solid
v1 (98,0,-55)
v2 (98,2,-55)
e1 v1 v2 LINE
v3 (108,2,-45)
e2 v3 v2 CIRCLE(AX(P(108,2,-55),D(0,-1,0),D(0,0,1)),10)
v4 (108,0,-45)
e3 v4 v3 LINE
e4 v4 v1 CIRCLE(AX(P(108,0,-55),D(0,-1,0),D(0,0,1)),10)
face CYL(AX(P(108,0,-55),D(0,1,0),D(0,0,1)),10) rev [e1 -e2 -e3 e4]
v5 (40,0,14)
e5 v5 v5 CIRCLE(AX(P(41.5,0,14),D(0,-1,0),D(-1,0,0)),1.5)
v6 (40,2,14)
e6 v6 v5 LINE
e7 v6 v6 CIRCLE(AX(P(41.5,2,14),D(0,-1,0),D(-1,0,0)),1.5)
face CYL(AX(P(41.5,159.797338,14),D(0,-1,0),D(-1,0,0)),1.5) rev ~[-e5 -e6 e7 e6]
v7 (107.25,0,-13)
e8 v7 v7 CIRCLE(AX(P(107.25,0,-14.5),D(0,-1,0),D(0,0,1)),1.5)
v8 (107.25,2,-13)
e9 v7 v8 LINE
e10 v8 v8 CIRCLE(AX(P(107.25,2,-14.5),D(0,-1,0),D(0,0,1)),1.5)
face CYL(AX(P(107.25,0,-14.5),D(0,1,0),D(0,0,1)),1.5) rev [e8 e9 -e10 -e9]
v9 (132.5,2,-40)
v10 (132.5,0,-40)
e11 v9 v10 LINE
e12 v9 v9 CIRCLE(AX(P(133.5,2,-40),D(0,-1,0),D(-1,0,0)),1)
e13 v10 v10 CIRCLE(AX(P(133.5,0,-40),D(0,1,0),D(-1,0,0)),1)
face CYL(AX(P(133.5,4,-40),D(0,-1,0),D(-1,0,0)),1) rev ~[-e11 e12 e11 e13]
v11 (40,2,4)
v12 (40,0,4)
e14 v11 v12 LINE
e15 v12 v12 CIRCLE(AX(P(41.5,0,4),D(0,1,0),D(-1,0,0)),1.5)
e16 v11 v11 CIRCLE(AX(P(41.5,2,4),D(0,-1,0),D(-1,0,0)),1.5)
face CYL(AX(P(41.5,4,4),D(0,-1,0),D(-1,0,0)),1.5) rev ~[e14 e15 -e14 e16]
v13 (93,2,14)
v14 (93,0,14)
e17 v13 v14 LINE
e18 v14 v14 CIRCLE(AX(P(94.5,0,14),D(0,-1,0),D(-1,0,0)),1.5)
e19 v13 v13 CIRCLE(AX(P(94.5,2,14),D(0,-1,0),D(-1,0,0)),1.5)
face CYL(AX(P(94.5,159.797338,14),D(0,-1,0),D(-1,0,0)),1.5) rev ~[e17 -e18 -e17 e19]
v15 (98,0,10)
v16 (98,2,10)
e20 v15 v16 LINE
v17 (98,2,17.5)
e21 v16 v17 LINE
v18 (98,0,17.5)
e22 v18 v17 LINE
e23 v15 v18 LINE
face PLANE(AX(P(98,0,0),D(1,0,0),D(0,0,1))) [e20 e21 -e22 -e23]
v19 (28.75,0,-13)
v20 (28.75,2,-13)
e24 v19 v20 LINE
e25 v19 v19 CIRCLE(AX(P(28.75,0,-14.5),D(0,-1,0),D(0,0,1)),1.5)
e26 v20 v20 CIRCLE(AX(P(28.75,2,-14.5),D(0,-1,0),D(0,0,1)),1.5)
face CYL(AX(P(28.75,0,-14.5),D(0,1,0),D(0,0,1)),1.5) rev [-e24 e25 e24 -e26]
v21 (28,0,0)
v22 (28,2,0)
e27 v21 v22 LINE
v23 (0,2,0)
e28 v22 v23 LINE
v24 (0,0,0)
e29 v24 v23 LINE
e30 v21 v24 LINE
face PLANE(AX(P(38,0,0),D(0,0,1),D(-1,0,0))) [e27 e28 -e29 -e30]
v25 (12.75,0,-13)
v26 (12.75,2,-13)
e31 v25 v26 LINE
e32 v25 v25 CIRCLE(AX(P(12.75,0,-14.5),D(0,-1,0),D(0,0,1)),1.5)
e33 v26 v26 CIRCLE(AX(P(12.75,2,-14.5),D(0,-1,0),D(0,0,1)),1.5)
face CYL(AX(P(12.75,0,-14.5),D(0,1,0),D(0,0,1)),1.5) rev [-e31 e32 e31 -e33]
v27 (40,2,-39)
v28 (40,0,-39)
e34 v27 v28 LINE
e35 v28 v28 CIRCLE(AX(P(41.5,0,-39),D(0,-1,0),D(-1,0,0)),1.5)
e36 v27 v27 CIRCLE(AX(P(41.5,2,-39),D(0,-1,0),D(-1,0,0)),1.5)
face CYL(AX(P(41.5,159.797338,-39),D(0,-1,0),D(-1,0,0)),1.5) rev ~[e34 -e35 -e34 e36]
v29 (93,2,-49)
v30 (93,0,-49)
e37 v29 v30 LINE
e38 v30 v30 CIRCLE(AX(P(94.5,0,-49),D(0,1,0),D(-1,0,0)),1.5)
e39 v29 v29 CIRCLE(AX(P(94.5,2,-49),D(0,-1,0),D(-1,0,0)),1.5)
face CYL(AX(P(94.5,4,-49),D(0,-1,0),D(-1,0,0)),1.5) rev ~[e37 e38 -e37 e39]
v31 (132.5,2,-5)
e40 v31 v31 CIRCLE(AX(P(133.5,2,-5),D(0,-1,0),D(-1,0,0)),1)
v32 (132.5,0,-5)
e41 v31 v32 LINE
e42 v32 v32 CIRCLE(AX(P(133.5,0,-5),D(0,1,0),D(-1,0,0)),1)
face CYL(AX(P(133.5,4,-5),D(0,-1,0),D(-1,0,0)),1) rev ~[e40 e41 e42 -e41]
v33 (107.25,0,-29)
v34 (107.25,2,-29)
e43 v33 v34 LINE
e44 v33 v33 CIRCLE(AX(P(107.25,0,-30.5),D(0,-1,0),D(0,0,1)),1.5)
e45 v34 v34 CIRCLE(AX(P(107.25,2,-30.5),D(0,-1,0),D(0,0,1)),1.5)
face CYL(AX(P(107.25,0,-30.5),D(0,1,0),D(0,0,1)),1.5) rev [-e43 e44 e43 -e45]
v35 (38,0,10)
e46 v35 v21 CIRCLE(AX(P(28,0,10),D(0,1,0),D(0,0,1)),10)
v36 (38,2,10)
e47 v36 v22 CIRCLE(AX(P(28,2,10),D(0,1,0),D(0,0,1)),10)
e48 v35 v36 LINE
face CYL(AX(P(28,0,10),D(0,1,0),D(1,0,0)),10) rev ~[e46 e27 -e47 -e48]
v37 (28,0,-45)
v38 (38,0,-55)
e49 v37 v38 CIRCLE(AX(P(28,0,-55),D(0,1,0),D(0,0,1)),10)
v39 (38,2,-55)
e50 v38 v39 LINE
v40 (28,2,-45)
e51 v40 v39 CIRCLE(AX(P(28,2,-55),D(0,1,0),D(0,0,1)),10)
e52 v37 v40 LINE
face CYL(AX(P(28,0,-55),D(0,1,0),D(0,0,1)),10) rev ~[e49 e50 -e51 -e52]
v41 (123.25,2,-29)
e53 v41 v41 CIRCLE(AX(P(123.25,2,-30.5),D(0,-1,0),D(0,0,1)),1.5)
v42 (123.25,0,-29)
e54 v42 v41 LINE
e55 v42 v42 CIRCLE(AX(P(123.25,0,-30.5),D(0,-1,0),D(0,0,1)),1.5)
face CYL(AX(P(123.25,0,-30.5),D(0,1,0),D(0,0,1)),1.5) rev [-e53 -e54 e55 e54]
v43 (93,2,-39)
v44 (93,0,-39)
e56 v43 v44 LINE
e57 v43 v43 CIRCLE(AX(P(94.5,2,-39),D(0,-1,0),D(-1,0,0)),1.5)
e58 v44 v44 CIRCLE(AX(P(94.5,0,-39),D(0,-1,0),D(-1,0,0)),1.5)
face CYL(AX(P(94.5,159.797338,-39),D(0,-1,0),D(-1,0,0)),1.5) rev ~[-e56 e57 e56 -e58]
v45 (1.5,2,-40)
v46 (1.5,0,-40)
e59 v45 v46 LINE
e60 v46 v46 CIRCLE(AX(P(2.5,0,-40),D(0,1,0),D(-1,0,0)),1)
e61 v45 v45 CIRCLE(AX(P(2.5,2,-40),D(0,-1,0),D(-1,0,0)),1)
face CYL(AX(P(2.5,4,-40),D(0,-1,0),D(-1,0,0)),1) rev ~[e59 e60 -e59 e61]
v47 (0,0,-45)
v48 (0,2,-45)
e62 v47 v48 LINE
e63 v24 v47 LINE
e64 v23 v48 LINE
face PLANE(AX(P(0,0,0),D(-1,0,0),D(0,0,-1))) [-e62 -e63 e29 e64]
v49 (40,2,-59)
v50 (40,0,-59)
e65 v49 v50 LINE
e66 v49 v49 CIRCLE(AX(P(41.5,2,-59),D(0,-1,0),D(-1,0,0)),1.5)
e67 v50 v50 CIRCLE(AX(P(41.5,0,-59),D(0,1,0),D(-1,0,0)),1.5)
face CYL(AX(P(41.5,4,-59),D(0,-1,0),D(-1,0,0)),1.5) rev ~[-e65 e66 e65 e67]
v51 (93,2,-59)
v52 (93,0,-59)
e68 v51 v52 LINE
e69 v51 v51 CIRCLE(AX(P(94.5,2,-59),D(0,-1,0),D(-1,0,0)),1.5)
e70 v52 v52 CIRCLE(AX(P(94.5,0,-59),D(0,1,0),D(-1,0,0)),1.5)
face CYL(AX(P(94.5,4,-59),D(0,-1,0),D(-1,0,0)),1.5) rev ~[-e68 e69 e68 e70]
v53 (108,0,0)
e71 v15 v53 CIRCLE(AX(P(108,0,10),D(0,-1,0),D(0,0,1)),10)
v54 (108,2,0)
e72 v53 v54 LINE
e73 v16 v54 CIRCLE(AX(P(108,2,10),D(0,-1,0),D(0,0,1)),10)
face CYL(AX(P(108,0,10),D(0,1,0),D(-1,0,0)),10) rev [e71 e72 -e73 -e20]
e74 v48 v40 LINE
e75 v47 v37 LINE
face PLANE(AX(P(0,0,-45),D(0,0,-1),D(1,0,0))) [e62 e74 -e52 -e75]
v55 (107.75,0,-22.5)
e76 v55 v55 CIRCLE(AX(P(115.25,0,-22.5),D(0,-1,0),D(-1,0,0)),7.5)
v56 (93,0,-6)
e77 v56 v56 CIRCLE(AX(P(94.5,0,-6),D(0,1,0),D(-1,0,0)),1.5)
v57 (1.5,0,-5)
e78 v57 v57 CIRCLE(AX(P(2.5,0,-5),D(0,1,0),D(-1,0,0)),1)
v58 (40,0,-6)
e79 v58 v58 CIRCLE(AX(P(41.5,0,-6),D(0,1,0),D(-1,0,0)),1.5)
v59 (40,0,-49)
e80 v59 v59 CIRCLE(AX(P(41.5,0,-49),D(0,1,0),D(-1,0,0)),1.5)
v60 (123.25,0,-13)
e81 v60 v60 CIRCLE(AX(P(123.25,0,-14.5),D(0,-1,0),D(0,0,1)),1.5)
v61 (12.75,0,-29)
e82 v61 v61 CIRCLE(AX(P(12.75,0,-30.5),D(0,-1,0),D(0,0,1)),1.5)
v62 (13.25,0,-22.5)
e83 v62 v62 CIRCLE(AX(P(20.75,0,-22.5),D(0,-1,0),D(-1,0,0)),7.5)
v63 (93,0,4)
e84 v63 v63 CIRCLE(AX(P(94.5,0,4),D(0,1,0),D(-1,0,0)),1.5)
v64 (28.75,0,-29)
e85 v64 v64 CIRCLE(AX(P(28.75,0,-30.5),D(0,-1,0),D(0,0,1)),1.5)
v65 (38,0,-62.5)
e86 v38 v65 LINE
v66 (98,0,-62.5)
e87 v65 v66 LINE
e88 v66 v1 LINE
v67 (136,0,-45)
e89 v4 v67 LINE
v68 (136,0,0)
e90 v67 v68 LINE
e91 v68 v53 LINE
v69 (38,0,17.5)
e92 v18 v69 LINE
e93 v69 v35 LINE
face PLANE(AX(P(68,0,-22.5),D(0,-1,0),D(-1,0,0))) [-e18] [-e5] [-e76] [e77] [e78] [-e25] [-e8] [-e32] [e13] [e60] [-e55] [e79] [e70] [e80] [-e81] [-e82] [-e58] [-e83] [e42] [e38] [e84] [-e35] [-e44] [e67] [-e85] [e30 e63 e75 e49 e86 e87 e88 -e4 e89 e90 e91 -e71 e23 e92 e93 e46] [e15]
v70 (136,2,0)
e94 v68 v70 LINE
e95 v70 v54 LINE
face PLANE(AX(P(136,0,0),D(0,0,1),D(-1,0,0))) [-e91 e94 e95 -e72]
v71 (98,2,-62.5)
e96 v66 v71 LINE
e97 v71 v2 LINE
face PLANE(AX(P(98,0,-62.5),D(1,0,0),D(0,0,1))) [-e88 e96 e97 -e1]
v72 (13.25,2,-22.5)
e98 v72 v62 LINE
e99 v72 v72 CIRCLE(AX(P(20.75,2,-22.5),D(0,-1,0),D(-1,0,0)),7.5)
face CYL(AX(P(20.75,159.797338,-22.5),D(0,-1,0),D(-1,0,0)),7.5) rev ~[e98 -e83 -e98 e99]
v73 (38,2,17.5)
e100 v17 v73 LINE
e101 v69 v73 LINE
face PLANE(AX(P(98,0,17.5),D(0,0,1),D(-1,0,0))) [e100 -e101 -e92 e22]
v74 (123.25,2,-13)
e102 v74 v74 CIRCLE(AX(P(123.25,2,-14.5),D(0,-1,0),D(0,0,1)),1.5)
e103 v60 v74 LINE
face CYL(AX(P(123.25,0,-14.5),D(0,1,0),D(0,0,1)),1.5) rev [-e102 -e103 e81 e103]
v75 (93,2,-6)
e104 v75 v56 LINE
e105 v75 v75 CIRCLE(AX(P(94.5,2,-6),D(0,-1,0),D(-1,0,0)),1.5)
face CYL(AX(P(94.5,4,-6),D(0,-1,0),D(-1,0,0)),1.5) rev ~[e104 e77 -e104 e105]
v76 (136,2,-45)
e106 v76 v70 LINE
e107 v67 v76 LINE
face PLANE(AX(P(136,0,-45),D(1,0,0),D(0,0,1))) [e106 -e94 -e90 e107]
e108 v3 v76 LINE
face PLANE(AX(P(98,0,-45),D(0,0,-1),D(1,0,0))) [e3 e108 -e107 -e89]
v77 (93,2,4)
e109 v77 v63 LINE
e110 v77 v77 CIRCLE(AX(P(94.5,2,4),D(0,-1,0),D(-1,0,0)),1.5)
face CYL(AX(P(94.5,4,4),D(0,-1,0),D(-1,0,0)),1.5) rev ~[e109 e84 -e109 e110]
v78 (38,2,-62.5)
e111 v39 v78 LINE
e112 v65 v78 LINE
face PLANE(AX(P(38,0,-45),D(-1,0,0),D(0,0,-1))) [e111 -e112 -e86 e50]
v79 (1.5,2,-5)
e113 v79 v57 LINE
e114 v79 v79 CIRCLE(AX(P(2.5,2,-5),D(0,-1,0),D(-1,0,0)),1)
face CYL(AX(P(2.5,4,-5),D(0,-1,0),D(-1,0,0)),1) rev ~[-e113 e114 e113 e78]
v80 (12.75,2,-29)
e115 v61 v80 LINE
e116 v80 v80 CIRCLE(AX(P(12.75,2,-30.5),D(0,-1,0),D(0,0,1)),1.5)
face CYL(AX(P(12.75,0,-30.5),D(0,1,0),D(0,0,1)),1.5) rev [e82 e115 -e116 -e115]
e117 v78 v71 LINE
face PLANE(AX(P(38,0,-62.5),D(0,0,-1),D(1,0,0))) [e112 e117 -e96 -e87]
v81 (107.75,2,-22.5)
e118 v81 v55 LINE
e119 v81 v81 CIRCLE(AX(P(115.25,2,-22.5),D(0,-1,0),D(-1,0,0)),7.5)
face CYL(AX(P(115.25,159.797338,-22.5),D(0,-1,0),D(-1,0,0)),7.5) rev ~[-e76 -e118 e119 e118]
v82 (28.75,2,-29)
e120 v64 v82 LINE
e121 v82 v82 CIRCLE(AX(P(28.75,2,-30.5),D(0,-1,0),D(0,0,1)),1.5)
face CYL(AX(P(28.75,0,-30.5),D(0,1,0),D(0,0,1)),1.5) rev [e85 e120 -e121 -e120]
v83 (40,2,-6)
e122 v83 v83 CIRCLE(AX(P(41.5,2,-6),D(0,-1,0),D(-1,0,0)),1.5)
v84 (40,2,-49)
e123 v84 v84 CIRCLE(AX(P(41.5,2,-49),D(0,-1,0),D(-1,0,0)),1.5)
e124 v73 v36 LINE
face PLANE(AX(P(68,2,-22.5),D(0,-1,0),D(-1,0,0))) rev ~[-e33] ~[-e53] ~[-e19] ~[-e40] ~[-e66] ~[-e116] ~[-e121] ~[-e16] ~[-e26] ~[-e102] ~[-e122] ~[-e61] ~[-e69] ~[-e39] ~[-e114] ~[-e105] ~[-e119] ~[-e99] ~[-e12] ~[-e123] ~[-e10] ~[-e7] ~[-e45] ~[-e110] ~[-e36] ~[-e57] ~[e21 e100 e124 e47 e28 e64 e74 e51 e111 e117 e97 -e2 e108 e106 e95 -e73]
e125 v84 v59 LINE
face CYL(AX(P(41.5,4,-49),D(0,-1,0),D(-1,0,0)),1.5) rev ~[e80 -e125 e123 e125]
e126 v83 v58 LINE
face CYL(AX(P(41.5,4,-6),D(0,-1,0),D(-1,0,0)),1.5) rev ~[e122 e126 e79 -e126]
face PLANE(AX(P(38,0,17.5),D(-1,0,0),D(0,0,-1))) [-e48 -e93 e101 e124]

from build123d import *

# Parameters (mm, degrees)
BOSS_EXTRUDE1_DEPTH           = 2
M2_CLEARANCE_HOLE1_D          = 2
M2_CLEARANCE_HOLE1_DEPTH      = 2
M2_CLEARANCE_HOLE1_TIP        = 0.600860619
M3_CLEARANCE_HOLE1_D          = 3
M3_CLEARANCE_HOLE2_D          = 3
M3_CLEARANCE_HOLE2_DEPTH      = 2
M3_CLEARANCE_HOLE2_TIP        = 0.901290929
M3_CLEARANCE_HOLE3_D          = 3
M3_CLEARANCE_HOLE3_DEPTH      = 2
M3_CLEARANCE_HOLE3_TIP        = 0.901290929
FILLET1_R                     = 10
FILLET2_R                     = 10
FILLET3_R                     = 10
FILLET4_R                     = 10
M14_CLEARANCE_HOLE1_D         = 15
M3_CLEARANCE_HOLE4_AT_2_COUNT = 2
M3_CLEARANCE_HOLE4_AT_2_PITCH = 16
M3_CLEARANCE_HOLE4_AT_3_COUNT = 2
M3_CLEARANCE_HOLE4_AT_3_PITCH = 22.627416998
M3_CLEARANCE_HOLE4_AT_4_COUNT = 2
M3_CLEARANCE_HOLE4_AT_4_PITCH = 16
LPATTERN1_COUNT               = 2
LPATTERN1_PITCH               = 94.5


with BuildPart() as part:
    # Sketch1 → Boss-Extrude1 (new body)
    with BuildSketch(Plane(origin=(0, 0, 0), x_dir=(1, 0, 0), z_dir=(0, 1, 0))):
        Polygon((98, 45), (136, 45), (136, 0), (98, 0), (98, -17.5), (38, -17.5), (38, 0), (0, 0), (0, 45), (38, 45), (38, 62.5), (98, 62.5), align=None)
    extrude(amount=BOSS_EXTRUDE1_DEPTH)

    # M2 Clearance Hole1
    with Locations(Plane(origin=(0, 2, 0), x_dir=(1, 0, 0), z_dir=(0, 1, 0))):
        with Locations((2.5, 5), (2.5, 40), (133.5, 40), (133.5, 5)):
            Hole(M2_CLEARANCE_HOLE1_D / 2, depth=M2_CLEARANCE_HOLE1_DEPTH)
            with Locations((0, 0, -(M2_CLEARANCE_HOLE1_DEPTH + M2_CLEARANCE_HOLE1_TIP / 2))):  # 118° drill point
                Cone(0, M2_CLEARANCE_HOLE1_D / 2, M2_CLEARANCE_HOLE1_TIP, mode=Mode.SUBTRACT)

    # M3 Clearance Hole1 (through all)
    with Locations(Plane(origin=(0, 2, 0), x_dir=(1, 0, 0), z_dir=(0, 1, 0))):
        with Locations((41.5, 39), (94.5, 39), (94.5, -14), (41.5, -14)):
            Hole(M3_CLEARANCE_HOLE1_D / 2)

    # M3 Clearance Hole2
    with Locations(Plane(origin=(0, 2, 0), x_dir=(1, 0, 0), z_dir=(0, 1, 0))):
        with Locations((41.5, -4), (94.5, -4), (94.5, 49), (41.5, 49)):
            Hole(M3_CLEARANCE_HOLE2_D / 2, depth=M3_CLEARANCE_HOLE2_DEPTH)
            with Locations((0, 0, -(M3_CLEARANCE_HOLE2_DEPTH + M3_CLEARANCE_HOLE2_TIP / 2))):  # 118° drill point
                Cone(0, M3_CLEARANCE_HOLE2_D / 2, M3_CLEARANCE_HOLE2_TIP, mode=Mode.SUBTRACT)

    # M3 Clearance Hole3
    with Locations(Plane(origin=(0, 2, 0), x_dir=(1, 0, 0), z_dir=(0, 1, 0))):
        with Locations((41.5, 59), (94.5, 59), (94.5, 6), (41.5, 6)):
            Hole(M3_CLEARANCE_HOLE3_D / 2, depth=M3_CLEARANCE_HOLE3_DEPTH)
            with Locations((0, 0, -(M3_CLEARANCE_HOLE3_DEPTH + M3_CLEARANCE_HOLE3_TIP / 2))):  # 118° drill point
                Cone(0, M3_CLEARANCE_HOLE3_D / 2, M3_CLEARANCE_HOLE3_TIP, mode=Mode.SUBTRACT)

    # Fillet1
    fillet1_edges = [part.edges().sort_by_distance(p)[0] for p in [
        (98, 1, 0),
    ]]
    fillet(fillet1_edges, radius=FILLET1_R)

    # Fillet2
    fillet2_edges = [part.edges().sort_by_distance(p)[0] for p in [
        (98, 1, -45),
    ]]
    fillet(fillet2_edges, radius=FILLET2_R)

    # Fillet3
    fillet3_edges = [part.edges().sort_by_distance(p)[0] for p in [
        (38, 1, 0),
    ]]
    fillet(fillet3_edges, radius=FILLET3_R)

    # Fillet4
    fillet4_edges = [part.edges().sort_by_distance(p)[0] for p in [
        (38, 1, -45),
    ]]
    fillet(fillet4_edges, radius=FILLET4_R)

    # M14 Clearance Hole1 (through all)
    with Locations(Plane(origin=(0, 2, 0), x_dir=(1, 0, 0), z_dir=(0, 1, 0))):
        with Locations((115.25, 22.5), (20.75, 22.5)):
            Hole(M14_CLEARANCE_HOLE1_D / 2)

    # Sketch14 → M3 Clearance Hole4 (revolve, cut)
    with BuildSketch(Plane(origin=(107.25, 2, -30.5), x_dir=(0, 0, 1), z_dir=(1, 0, 0))):
        Polygon((0, 0), (0, 2.901290929), (1.5, 2), (1.5, 0), align=None)
    m3_clearance_hole4 = revolve(axis=Axis((107.25, 8.35, -30.5), (0, -1, 0)), mode=Mode.SUBTRACT)

    # M3 Clearance Hole4 at 2: M3 Clearance Hole4 ×2
    with Locations(*[(i * M3_CLEARANCE_HOLE4_AT_2_PITCH, 0, 0) for i in range(1, M3_CLEARANCE_HOLE4_AT_2_COUNT)]):
        add(m3_clearance_hole4, mode=Mode.SUBTRACT)

    # M3 Clearance Hole4 at 3: M3 Clearance Hole4 ×2
    with Locations(*[Vector(0.7071067811865472, 0, 0.7071067811865479) * (i * M3_CLEARANCE_HOLE4_AT_3_PITCH) for i in range(1, M3_CLEARANCE_HOLE4_AT_3_COUNT)]):
        add(m3_clearance_hole4, mode=Mode.SUBTRACT)

    # M3 Clearance Hole4 at 4: M3 Clearance Hole4 ×2
    with Locations(*[(0, 0, i * M3_CLEARANCE_HOLE4_AT_4_PITCH) for i in range(1, M3_CLEARANCE_HOLE4_AT_4_COUNT)]):
        add(m3_clearance_hole4, mode=Mode.SUBTRACT)

    # LPattern1: M3 Clearance Hole4 ×2
    with Locations(*[(-i * LPATTERN1_PITCH, 0, 0) for i in range(1, LPATTERN1_COUNT)]):
        add(m3_clearance_hole4, mode=Mode.SUBTRACT)

    # LPattern1 copy 1 sketch → LPattern1 copy 1 (revolve, cut)
    with BuildSketch(Plane(origin=(28.75, 2, -30.5), x_dir=(0, 0, 1), z_dir=(1, 0, 0))):
        Polygon((0, 0), (0, 2.901290929), (1.5, 2), (1.5, 0), align=None)
    revolve(axis=Axis((28.75, 8.35, -30.5), (0, -1, 0)), mode=Mode.SUBTRACT)

    # LPattern1 copy 2 sketch → LPattern1 copy 2 (revolve, cut)
    with BuildSketch(Plane(origin=(28.75, 2, -14.5), x_dir=(0, 0, 1), z_dir=(1, 0, 0))):
        Polygon((0, 0), (0, 2.901290929), (1.5, 2), (1.5, 0), align=None)
    revolve(axis=Axis((28.75, 8.35, -14.5), (0, -1, 0)), mode=Mode.SUBTRACT)

    # LPattern1 copy 3 sketch → LPattern1 copy 3 (revolve, cut)
    with BuildSketch(Plane(origin=(12.75, 2, -14.5), x_dir=(0, 0, 1), z_dir=(1, 0, 0))):
        Polygon((0, 0), (0, 2.901290929), (1.5, 2), (1.5, 0), align=None)
    revolve(axis=Axis((12.75, 8.35, -14.5), (0, -1, 0)), mode=Mode.SUBTRACT)


solid = part.part
